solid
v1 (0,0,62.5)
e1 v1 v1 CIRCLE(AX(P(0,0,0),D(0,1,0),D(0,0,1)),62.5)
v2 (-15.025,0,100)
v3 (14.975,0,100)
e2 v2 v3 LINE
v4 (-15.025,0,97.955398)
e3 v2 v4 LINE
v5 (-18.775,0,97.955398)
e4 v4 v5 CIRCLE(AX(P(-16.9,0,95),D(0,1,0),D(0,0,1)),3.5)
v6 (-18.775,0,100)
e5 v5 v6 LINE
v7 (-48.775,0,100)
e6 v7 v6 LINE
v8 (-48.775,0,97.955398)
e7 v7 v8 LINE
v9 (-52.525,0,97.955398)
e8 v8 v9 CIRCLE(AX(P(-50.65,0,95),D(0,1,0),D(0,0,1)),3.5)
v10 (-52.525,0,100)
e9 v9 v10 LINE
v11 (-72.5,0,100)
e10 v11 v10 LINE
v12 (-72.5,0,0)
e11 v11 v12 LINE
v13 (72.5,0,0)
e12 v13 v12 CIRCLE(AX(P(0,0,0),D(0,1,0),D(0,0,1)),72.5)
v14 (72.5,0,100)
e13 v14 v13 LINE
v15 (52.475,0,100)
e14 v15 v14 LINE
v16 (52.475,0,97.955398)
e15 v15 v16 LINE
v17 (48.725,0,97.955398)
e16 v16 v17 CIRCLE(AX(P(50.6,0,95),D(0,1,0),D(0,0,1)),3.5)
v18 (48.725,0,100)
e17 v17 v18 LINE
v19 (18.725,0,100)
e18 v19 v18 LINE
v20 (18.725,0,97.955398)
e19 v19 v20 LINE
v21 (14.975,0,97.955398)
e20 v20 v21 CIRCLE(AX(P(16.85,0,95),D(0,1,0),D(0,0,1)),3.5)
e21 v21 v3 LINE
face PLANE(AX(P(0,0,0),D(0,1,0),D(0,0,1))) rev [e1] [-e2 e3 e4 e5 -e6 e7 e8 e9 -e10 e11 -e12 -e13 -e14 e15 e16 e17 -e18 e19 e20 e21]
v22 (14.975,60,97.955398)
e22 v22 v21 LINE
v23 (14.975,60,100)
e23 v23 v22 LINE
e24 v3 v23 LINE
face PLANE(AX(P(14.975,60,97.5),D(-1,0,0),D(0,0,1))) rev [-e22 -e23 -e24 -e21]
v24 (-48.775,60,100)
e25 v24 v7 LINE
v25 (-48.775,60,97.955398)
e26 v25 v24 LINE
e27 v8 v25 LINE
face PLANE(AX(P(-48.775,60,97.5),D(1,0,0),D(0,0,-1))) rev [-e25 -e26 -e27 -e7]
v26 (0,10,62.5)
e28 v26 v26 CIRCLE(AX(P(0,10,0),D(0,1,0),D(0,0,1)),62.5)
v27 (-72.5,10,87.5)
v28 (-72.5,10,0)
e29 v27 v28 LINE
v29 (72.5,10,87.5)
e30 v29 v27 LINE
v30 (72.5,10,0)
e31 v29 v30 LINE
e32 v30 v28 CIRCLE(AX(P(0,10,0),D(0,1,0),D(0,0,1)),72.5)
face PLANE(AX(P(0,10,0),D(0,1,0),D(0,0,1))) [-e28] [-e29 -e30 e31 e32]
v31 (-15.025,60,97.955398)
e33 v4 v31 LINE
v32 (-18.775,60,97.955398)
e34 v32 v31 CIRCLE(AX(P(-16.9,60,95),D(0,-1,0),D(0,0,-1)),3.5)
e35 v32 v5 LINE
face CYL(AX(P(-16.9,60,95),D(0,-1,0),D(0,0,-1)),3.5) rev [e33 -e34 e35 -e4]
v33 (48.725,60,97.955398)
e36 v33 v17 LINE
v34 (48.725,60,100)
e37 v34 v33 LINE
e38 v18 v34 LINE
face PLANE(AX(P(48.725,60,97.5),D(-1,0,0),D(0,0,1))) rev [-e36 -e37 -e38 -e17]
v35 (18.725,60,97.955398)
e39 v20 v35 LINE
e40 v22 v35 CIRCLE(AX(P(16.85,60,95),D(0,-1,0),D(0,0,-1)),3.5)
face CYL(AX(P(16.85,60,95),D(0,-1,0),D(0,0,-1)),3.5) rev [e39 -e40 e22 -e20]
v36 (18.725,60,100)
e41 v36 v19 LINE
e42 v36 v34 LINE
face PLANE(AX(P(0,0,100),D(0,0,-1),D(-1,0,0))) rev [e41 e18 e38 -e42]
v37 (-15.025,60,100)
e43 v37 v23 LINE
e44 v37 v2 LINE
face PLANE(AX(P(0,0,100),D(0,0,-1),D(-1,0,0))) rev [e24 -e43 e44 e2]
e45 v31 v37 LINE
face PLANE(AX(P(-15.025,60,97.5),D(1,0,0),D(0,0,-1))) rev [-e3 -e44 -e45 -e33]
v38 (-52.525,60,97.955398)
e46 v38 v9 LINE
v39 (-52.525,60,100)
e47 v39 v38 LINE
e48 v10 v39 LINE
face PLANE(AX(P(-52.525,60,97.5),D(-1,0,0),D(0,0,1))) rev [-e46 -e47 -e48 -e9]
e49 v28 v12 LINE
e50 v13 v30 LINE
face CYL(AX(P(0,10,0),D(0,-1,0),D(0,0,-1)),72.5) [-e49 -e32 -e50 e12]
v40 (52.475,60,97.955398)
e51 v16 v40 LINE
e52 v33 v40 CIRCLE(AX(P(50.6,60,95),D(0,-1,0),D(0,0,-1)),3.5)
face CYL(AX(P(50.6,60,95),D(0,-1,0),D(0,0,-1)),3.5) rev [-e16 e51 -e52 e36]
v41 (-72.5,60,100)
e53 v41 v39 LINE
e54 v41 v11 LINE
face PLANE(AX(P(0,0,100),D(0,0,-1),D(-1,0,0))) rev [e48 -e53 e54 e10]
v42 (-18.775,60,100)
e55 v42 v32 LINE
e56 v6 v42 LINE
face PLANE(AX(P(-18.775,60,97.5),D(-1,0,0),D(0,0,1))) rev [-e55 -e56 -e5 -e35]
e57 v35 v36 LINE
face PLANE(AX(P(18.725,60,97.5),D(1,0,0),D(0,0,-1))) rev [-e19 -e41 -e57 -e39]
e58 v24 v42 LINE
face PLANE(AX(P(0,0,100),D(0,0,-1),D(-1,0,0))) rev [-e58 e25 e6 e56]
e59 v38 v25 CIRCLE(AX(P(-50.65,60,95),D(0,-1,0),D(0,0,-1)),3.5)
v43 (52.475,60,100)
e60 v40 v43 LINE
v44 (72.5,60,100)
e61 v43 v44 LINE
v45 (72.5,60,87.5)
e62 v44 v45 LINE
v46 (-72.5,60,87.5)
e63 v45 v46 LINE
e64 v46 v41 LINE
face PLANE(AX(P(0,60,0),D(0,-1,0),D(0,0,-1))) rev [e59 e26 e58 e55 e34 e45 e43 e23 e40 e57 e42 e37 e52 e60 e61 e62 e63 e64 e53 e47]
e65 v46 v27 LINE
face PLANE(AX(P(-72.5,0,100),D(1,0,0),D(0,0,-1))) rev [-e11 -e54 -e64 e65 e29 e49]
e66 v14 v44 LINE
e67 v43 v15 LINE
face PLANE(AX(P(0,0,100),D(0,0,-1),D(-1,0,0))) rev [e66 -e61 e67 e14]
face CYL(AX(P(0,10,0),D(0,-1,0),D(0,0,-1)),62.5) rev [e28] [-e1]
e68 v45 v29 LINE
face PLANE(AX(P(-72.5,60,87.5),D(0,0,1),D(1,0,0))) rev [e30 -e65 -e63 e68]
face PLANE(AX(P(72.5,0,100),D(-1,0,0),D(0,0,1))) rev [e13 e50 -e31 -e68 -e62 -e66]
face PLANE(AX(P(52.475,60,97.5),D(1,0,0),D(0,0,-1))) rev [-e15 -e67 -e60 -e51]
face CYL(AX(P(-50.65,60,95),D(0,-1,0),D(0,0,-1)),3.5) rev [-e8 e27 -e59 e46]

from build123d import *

# Parameters (mm, degrees)
SKETCH1_R               = 72.5
SKETCH1_R_2             = 62.5
BOSS_EXTRUDE1_DEPTH     = 10
SKETCH2_W               = 25
SKETCH2_H               = 10
BOSS_EXTRUDE2_DEPTH     = 100
SKETCH3_W               = 145
SKETCH3_H               = 50
BOSS_EXTRUDE3_DEPTH     = 10
CUT_EXTRUDE1_START      = -10
SKETCH4_R               = 62.5
CUT_EXTRUDE1_DEPTH      = 10
SKETCH5_W               = 145
SKETCH5_H               = 12.5
BOSS_EXTRUDE4_DEPTH     = 50
CUT_EXTRUDE2_DEPTH      = 138.318061449
CUT_EXTRUDE2_DEPTH_BACK = 138.318061449
SKETCH6_R               = 3.5
CUT_EXTRUDE3_DEPTH      = 138.318061449
CUT_EXTRUDE3_DEPTH_BACK = 138.318061449
SKETCH7_W               = 3.75
SKETCH7_H               = 5


with BuildPart() as part:
    # Sketch1 → Boss-Extrude1 (new body)
    with BuildSketch(Plane(origin=(0, 0, 0), x_dir=(1, 0, 0), z_dir=(0, 1, 0))):
        with Locations(Location((0, 0, 0), (0, 0, 270))):
            Circle(SKETCH1_R)
        with Locations(Location((0, 0, 0), (0, 0, 270))):
            Circle(SKETCH1_R_2, mode=Mode.SUBTRACT)
    extrude(amount=BOSS_EXTRUDE1_DEPTH)

    # Sketch2 → Boss-Extrude2 (add)
    with BuildSketch(Plane.XY):
        with Locations((-60, 5)):
            Rectangle(SKETCH2_W, SKETCH2_H)
        with Locations((60, 5)):
            Rectangle(SKETCH2_W, SKETCH2_H)
    extrude(amount=BOSS_EXTRUDE2_DEPTH)

    # Sketch3 → Boss-Extrude3 (add)
    with BuildSketch(Plane(origin=(0, 10, 0), x_dir=(1, 0, 0), z_dir=(0, 1, 0))):
        with Locations((0, -75)):
            Rectangle(SKETCH3_W, SKETCH3_H)
    extrude(amount=-BOSS_EXTRUDE3_DEPTH)

    # Sketch4 → Cut-Extrude1 (cut)
    with BuildSketch(Plane(origin=(0, 10, 0), x_dir=(1, 0, 0), z_dir=(0, 1, 0)).offset(CUT_EXTRUDE1_START)):
        with Locations(Location((0, 0, 0), (0, 0, 270))):
            Circle(SKETCH4_R)
    extrude(amount=CUT_EXTRUDE1_DEPTH, mode=Mode.SUBTRACT)

    # Sketch5 → Boss-Extrude4 (add)
    with BuildSketch(Plane(origin=(0, 10, 0), x_dir=(1, 0, 0), z_dir=(0, 1, 0))):
        with Locations((0, -93.75)):
            Rectangle(SKETCH5_W, SKETCH5_H)
    extrude(amount=BOSS_EXTRUDE4_DEPTH)

    # Sketch6 → Cut-Extrude2 (cut, two sides: drawn at the far end of the back side and taken through both)
    with BuildSketch(Plane.XZ.offset(-CUT_EXTRUDE2_DEPTH_BACK)):
        with Locations(Location((-50.65, 95, 0), (0, 0, 270))):
            Circle(SKETCH6_R)
        with Locations(Location((-16.9, 95, 0), (0, 0, 270))):
            Circle(SKETCH6_R)
        with Locations(Location((16.85, 95, 0), (0, 0, 270))):
            Circle(SKETCH6_R)
        with Locations(Location((50.6, 95, 0), (0, 0, 270))):
            Circle(SKETCH6_R)
    extrude(amount=CUT_EXTRUDE2_DEPTH + CUT_EXTRUDE2_DEPTH_BACK, mode=Mode.SUBTRACT)

    # Sketch7 → Cut-Extrude3 (cut, two sides: drawn at the far end of the back side and taken through both)
    with BuildSketch(Plane.XZ.offset(-CUT_EXTRUDE3_DEPTH_BACK)):
        with Locations((-16.9, 100)):
            Rectangle(SKETCH7_W, SKETCH7_H)
        with Locations((-50.65, 100)):
            Rectangle(SKETCH7_W, SKETCH7_H)
        with Locations((16.85, 100)):
            Rectangle(SKETCH7_W, SKETCH7_H)
        with Locations((50.6, 100)):
            Rectangle(SKETCH7_W, SKETCH7_H)
    extrude(amount=CUT_EXTRUDE3_DEPTH + CUT_EXTRUDE3_DEPTH_BACK, mode=Mode.SUBTRACT)


solid = part.part
